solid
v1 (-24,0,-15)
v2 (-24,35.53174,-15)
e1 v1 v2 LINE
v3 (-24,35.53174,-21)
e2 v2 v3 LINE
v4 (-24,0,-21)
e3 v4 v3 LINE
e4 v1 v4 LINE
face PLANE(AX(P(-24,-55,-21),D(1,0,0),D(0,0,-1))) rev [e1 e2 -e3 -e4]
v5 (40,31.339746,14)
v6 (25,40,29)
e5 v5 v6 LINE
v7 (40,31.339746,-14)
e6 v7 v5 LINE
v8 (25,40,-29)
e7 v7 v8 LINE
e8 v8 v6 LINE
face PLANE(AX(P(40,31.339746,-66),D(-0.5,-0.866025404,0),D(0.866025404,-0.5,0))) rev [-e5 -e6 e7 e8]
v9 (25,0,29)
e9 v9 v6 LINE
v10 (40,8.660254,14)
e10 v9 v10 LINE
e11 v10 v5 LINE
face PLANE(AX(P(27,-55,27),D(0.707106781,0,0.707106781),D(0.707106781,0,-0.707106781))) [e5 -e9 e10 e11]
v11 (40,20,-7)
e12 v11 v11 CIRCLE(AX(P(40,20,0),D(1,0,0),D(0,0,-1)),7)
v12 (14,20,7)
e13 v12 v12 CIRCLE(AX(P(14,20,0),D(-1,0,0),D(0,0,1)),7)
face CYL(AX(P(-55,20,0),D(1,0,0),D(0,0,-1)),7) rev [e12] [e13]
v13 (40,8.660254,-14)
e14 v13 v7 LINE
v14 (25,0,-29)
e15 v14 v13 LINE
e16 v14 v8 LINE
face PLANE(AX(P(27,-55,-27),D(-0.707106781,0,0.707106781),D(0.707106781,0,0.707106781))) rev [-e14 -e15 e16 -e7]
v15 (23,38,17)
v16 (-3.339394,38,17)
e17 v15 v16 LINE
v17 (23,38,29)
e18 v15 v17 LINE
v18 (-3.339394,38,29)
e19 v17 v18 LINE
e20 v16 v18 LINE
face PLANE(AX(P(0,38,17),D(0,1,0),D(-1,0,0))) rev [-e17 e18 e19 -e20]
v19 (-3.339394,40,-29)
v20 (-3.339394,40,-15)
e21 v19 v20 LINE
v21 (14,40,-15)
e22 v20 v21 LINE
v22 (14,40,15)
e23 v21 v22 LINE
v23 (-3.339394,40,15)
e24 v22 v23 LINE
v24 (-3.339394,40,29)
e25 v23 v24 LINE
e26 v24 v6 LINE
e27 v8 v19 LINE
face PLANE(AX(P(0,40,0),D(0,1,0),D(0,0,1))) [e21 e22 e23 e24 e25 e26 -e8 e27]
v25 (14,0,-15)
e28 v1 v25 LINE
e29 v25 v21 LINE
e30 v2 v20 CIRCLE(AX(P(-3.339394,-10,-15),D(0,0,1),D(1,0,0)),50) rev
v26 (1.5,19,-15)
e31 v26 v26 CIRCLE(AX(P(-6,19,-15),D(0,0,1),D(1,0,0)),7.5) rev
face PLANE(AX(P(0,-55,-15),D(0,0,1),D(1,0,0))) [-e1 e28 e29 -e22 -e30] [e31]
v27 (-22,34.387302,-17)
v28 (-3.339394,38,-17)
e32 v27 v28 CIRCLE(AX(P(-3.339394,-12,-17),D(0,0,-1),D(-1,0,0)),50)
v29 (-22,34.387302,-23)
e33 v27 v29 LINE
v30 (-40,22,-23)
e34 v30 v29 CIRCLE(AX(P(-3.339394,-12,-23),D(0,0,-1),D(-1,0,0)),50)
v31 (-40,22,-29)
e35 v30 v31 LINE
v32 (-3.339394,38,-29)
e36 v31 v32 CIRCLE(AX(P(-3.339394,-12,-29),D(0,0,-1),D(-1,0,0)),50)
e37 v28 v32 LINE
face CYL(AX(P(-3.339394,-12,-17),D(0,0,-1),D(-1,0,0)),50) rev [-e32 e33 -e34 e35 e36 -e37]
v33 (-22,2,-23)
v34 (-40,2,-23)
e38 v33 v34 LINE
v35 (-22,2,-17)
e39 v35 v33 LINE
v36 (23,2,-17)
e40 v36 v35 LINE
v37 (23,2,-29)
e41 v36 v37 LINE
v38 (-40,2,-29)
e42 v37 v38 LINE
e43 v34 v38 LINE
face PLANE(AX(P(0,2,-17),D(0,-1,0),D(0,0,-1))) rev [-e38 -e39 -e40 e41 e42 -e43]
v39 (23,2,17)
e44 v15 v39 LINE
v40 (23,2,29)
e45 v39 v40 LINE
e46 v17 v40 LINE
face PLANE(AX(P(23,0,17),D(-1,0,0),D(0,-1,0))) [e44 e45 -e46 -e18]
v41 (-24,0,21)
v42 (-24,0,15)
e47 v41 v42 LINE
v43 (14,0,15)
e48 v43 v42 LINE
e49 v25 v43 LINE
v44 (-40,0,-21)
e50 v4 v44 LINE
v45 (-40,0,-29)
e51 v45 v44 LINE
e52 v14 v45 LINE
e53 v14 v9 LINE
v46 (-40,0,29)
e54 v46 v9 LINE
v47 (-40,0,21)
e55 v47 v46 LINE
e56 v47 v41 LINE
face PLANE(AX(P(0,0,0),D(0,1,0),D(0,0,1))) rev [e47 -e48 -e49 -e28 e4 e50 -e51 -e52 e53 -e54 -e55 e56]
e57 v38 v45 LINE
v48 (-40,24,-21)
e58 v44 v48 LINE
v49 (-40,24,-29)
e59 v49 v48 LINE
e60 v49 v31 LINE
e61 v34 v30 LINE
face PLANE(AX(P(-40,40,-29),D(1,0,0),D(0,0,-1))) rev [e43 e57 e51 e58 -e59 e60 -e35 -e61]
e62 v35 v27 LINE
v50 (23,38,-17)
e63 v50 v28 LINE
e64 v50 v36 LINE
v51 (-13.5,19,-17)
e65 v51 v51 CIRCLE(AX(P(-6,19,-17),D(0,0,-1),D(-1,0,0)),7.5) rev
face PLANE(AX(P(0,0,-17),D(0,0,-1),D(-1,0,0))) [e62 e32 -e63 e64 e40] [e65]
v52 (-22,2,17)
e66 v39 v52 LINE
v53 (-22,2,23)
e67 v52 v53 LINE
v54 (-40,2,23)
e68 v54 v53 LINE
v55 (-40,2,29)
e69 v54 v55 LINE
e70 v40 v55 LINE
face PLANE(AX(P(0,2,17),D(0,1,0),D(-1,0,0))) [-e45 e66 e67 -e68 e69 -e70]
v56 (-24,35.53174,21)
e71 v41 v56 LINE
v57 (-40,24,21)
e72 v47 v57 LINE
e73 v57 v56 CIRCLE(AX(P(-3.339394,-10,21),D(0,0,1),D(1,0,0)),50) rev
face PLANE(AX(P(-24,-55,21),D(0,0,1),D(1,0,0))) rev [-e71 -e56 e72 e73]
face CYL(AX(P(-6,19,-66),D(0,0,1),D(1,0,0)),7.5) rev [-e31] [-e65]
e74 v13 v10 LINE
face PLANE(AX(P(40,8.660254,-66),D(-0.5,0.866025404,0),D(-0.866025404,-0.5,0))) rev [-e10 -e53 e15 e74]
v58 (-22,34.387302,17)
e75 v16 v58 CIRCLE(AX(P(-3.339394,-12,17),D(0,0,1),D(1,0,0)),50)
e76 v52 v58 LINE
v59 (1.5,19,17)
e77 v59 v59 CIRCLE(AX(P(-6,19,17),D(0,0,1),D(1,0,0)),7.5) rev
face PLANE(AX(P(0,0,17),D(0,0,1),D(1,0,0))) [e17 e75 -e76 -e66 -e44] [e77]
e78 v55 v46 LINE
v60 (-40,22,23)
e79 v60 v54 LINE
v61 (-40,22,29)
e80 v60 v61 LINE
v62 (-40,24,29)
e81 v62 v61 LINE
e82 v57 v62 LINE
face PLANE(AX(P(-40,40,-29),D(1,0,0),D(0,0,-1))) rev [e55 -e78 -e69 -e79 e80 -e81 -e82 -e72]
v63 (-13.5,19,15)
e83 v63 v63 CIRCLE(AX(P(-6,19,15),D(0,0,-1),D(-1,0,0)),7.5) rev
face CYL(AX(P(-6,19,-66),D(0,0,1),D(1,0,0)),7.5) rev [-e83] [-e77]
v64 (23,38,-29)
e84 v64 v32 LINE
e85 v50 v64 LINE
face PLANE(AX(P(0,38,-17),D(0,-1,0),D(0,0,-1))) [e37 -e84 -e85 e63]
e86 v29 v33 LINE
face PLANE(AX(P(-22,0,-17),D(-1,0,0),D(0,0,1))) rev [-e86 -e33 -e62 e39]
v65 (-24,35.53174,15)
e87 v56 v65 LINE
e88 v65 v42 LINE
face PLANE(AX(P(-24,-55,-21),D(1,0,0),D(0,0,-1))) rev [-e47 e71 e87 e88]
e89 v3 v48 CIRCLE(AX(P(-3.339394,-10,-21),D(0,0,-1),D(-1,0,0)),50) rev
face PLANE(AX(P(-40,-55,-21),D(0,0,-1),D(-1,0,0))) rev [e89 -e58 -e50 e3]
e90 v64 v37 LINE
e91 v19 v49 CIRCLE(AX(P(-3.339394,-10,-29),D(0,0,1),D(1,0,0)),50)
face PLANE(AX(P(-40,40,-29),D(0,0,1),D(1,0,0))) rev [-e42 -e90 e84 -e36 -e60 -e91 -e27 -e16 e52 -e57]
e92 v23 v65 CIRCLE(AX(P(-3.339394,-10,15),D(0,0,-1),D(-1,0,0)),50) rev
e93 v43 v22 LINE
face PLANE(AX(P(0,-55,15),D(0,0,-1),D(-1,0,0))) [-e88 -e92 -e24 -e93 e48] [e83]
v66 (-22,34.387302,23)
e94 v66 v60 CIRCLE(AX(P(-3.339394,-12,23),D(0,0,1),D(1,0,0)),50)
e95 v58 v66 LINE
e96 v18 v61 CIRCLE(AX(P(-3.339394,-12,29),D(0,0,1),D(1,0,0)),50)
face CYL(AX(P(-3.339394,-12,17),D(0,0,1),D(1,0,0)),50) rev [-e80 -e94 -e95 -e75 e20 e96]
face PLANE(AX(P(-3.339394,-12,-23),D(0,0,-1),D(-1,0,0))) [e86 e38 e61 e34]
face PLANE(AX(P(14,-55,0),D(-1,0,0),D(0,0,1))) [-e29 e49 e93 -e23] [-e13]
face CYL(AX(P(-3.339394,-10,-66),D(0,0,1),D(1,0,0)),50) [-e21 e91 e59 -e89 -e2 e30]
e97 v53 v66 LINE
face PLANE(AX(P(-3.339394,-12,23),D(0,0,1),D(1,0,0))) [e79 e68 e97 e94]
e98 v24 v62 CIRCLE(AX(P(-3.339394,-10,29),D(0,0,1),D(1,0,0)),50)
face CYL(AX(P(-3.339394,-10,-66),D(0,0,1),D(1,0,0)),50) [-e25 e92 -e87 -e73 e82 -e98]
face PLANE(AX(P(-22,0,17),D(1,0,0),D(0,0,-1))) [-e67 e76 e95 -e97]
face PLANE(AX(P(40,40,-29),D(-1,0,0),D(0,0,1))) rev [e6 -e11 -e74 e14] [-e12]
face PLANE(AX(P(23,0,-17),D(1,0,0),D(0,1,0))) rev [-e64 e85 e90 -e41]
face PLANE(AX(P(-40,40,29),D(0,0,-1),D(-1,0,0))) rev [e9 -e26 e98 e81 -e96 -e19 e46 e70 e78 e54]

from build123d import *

# Parameters (mm, degrees)
SKETCH1_W           = 80
SKETCH1_H           = 58
BOSS_EXTRUDE1_DEPTH = 40
SKETCH2_R           = 7.5
CUT_EXTRUDE1_DEPTH  = 95
CUT_EXTRUDE4_DEPTH  = 95
SKETCH7_W           = 36.66060556
SKETCH7_H           = 15
SKETCH7_W_2         = 17.33939444
CUT_EXTRUDE5_DEPTH  = 95
SKETCH8_W           = 16
SKETCH8_H           = 42
CUT_EXTRUDE6_DEPTH  = 95
SKETCH9_R           = 7
CUT_EXTRUDE7_DEPTH  = 95
SKETCH15_R          = 7.5
CUT_EXTRUDE18_DEPTH = 12
CUT_EXTRUDE19_DEPTH = 6
CUT_EXTRUDE20_START = -12
SKETCH19_R          = 7.5
CUT_EXTRUDE20_DEPTH = 12
CUT_EXTRUDE21_START = -6
CUT_EXTRUDE21_DEPTH = 6


with BuildPart() as part:
    # Sketch1 → Boss-Extrude1 (new body)
    with BuildSketch(Plane(origin=(0, 0, 0), x_dir=(1, 0, 0), z_dir=(0, 1, 0))):
        Rectangle(SKETCH1_W, SKETCH1_H)
    extrude(amount=BOSS_EXTRUDE1_DEPTH)

    # Sketch2 → Cut-Extrude1 (cut)
    with BuildSketch(Plane.XY.offset(29)):
        with Locations((-6, 19)):
            Circle(SKETCH2_R)
        Polygon((25, 0), (40, 0), (40, 8.660254038), align=None)
        Polygon((25, 40), (40, 40), (40, 31.339745962), align=None)
    extrude(amount=-CUT_EXTRUDE1_DEPTH, mode=Mode.SUBTRACT)

    # Sketch4 → Cut-Extrude4 (cut)
    with BuildSketch(Plane.XY.offset(29)):
        with BuildLine():
            ThreePointArc((-40, 24), (-23.33939444, 35.82575695), (-3.33939444, 40))
            Line((-3.33939444, 40), (-40, 40))
            Line((-40, 40), (-40, 24))
        make_face()
    extrude(amount=-CUT_EXTRUDE4_DEPTH, mode=Mode.SUBTRACT)

    # Sketch7 → Cut-Extrude5 (cut)
    with BuildSketch(Plane(origin=(0, 40, 0), x_dir=(1, 0, 0), z_dir=(0, 1, 0))):
        with Locations((-21.66969722, -7.5)):
            Rectangle(SKETCH7_W, SKETCH7_H)
        with Locations((-21.66969722, 7.5)):
            Rectangle(SKETCH7_W, SKETCH7_H)
        with Locations((5.33030278, 7.5)):
            Rectangle(SKETCH7_W_2, SKETCH7_H)
        with Locations((5.33030278, -7.5)):
            Rectangle(SKETCH7_W_2, SKETCH7_H)
        Polygon((40, 14), (40, 29), (25, 29), align=None)
        Polygon((40, -29), (25, -29), (40, -14), align=None)
    extrude(amount=-CUT_EXTRUDE5_DEPTH, mode=Mode.SUBTRACT)

    # Sketch8 → Cut-Extrude6 (cut)
    with BuildSketch(Plane(origin=(0, 40, 0), x_dir=(1, 0, 0), z_dir=(0, 1, 0))):
        with Locations((-32, 0)):
            Rectangle(SKETCH8_W, SKETCH8_H)
    extrude(amount=-CUT_EXTRUDE6_DEPTH, mode=Mode.SUBTRACT)

    # Sketch9 → Cut-Extrude7 (cut)
    with BuildSketch(Plane(origin=(40, 0, 0), x_dir=(0, 0, -1), z_dir=(1, 0, 0))):
        with Locations((0, 20)):
            Circle(SKETCH9_R)
    extrude(amount=-CUT_EXTRUDE7_DEPTH, mode=Mode.SUBTRACT)

    # Sketch15 → Cut-Extrude18 (cut)
    with BuildSketch(Plane.XY.offset(29)):
        with BuildLine():
            Line((23, 2), (23, 38))
            Line((23, 38), (-3.339394, 38))
            ThreePointArc((-3.339394, 38), (-12.842943372, 37.088517575), (-22, 34.387302143))
            Line((-22, 34.387302143), (-22, 2))
            Line((-22, 2), (23, 2))
        make_face()
        with Locations((-6, 19)):
            Circle(SKETCH15_R, mode=Mode.SUBTRACT)
    extrude(amount=-CUT_EXTRUDE18_DEPTH, mode=Mode.SUBTRACT)

    # Sketch18 → Cut-Extrude19 (cut)
    with BuildSketch(Plane.XY.offset(29)):
        with BuildLine():
            Line((-22, 34.387302143), (-22, 2))
            Line((-22, 2), (-40, 2))
            Line((-40, 2), (-40, 22))
            ThreePointArc((-40, 22), (-31.684948122, 29.18894981), (-22, 34.387302143))
        make_face()
    extrude(amount=-CUT_EXTRUDE19_DEPTH, mode=Mode.SUBTRACT)

    # Sketch19 → Cut-Extrude20 (cut)
    with BuildSketch(Plane(origin=(0, 0, -29), x_dir=(-1, 0, 0), z_dir=(0, 0, -1)).offset(CUT_EXTRUDE20_START)):
        with BuildLine():
            Line((3.339394, 38), (-23, 38))
            Line((-23, 38), (-23, 2))
            Line((-23, 2), (22, 2))
            Line((22, 2), (22, 34.387302143))
            ThreePointArc((22, 34.387302143), (12.842943372, 37.088517575), (3.339394, 38))
        make_face()
        with Locations(Location((6, 19, 0), (0, 0, 180))):
            Circle(SKETCH19_R, mode=Mode.SUBTRACT)
    extrude(amount=CUT_EXTRUDE20_DEPTH, mode=Mode.SUBTRACT)

    # Sketch20 → Cut-Extrude21 (cut)
    with BuildSketch(Plane(origin=(0, 0, -29), x_dir=(-1, 0, 0), z_dir=(0, 0, -1)).offset(CUT_EXTRUDE21_START)):
        with BuildLine():
            Line((22, 34.387302143), (22, 2))
            Line((22, 2), (40, 2))
            Line((40, 2), (40, 22))
            ThreePointArc((40, 22), (31.684948122, 29.18894981), (22, 34.387302143))
        make_face()
    extrude(amount=CUT_EXTRUDE21_DEPTH, mode=Mode.SUBTRACT)


solid = part.part
